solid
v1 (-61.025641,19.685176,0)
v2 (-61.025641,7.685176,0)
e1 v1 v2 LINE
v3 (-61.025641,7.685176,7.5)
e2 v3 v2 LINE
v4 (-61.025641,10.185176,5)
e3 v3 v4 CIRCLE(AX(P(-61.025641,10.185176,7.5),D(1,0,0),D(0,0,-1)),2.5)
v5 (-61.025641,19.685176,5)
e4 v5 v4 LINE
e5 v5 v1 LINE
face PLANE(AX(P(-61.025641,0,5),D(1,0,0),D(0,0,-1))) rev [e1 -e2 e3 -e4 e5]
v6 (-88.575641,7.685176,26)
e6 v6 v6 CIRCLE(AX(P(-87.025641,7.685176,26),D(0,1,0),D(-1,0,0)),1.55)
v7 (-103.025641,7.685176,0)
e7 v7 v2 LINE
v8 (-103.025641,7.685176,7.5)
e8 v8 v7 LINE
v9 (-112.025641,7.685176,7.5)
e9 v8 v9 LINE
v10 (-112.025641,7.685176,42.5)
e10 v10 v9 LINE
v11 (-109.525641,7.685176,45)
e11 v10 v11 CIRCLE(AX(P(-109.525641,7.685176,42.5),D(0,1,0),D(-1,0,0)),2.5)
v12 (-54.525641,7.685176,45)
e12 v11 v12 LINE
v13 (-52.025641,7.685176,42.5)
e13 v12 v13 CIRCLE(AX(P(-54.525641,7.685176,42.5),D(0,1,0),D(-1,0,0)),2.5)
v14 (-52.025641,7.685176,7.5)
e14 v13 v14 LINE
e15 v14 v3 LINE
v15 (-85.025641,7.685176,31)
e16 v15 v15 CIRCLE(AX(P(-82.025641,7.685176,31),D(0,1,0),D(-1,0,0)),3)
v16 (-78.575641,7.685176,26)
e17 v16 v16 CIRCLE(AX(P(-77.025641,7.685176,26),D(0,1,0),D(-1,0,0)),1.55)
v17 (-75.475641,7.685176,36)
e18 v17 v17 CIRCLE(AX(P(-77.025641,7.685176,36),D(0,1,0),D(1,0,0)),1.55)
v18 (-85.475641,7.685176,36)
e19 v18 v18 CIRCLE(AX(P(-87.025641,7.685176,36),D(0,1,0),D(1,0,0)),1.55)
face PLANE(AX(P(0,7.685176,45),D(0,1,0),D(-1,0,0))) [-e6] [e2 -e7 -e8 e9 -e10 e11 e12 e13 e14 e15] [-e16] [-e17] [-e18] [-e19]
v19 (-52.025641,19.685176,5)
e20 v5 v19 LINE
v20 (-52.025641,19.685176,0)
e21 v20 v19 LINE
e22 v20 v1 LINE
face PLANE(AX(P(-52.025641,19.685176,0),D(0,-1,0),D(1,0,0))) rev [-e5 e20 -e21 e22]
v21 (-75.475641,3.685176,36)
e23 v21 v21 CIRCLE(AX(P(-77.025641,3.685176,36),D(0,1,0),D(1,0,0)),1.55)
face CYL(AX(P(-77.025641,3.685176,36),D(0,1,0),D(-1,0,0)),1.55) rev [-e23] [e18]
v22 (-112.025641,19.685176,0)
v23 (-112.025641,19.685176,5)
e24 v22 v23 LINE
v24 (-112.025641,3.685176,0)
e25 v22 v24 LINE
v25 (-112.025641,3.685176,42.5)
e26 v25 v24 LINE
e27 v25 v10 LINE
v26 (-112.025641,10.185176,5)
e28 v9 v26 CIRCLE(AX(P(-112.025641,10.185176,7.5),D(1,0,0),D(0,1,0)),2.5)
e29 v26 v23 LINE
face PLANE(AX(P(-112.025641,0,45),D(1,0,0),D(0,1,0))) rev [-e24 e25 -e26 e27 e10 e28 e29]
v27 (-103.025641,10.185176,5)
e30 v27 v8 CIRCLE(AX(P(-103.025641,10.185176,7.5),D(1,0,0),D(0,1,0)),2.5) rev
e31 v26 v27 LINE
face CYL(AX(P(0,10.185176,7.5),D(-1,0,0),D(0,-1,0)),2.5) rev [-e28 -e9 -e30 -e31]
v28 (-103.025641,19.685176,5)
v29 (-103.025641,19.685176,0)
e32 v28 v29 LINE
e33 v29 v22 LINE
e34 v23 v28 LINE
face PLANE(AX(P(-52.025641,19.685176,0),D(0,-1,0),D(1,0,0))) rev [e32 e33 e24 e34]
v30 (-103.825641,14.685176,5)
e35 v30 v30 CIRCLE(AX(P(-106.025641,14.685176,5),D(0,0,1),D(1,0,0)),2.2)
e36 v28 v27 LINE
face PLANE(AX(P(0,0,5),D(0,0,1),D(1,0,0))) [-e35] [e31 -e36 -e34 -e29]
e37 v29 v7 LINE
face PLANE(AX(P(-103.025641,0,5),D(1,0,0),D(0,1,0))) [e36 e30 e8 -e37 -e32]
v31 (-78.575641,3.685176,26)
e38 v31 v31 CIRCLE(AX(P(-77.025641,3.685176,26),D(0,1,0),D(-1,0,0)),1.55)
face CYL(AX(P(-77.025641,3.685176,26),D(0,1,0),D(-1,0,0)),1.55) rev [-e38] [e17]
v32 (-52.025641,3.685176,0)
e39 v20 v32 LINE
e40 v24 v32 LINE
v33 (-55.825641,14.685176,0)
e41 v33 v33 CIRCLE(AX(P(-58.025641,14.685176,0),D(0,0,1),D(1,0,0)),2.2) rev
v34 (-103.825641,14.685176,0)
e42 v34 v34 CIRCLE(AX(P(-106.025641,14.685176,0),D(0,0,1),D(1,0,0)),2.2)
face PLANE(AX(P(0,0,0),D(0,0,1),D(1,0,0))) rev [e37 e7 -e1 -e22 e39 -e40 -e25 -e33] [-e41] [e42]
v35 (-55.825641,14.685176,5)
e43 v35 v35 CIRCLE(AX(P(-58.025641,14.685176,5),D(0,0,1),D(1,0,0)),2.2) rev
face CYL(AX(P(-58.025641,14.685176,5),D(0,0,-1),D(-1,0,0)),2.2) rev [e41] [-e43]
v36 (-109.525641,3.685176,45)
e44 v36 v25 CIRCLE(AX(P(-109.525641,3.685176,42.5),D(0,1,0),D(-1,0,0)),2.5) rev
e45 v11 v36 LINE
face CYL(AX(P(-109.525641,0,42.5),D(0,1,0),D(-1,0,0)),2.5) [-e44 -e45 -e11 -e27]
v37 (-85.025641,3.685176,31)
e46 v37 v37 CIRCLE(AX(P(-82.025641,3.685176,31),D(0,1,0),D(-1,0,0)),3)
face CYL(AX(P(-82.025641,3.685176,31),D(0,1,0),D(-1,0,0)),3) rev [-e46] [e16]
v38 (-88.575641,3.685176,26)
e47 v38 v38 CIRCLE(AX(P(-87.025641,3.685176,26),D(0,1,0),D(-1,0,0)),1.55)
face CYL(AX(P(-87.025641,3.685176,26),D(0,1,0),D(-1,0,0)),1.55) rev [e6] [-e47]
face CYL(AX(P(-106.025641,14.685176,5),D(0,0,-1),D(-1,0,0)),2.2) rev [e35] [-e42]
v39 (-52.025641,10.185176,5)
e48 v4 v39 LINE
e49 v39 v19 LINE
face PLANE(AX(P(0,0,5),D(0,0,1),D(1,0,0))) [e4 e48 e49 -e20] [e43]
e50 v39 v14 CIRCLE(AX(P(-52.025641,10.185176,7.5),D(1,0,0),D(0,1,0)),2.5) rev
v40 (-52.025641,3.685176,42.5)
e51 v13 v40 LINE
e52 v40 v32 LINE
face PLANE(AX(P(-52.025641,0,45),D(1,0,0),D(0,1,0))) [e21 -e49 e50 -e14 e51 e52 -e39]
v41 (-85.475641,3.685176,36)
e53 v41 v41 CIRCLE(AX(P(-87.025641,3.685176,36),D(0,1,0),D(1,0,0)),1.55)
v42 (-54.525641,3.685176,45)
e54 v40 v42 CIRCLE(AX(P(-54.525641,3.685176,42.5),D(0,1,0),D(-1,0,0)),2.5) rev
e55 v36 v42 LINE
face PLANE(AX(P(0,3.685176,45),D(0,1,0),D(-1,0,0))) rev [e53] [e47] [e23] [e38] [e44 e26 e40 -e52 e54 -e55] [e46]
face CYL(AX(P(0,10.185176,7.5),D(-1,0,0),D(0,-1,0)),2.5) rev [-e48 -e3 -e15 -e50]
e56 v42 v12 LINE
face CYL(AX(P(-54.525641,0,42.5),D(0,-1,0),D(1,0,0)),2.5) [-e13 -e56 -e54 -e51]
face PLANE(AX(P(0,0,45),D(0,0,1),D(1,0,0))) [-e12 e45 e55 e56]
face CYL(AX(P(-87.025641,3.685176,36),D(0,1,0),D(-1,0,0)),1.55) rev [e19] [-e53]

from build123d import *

# Parameters (mm, degrees)
SKETCH1_W           = 60
SKETCH1_H           = 4
BOSS_EXTRUDE1_DEPTH = 45
SKETCH1_3_W         = 9
SKETCH1_3_H         = 24
SKETCH1_3_R         = 2.2
BOSS_EXTRUDE2_DEPTH = 5
SKETCH2_R           = 3
SKETCH2_R_2         = 1.55
CUT_EXTRUDE1_DEPTH  = 124.088359511
BOSS_EXTRUDE3_DEPTH = 45
FILLET1_R           = 2.5
FILLET3_R           = 2.5
SKETCH3_R           = 4
BOSS_EXTRUDE4_DEPTH = 12
SKETCH4_R           = 6
BOSS_EXTRUDE5_DEPTH = 5
FILLET4_R           = 1
SKETCH5_W           = 46.619734532
SKETCH5_H           = 29.432499903
CUT_EXTRUDE3_DEPTH  = 89.875621116


with BuildPart() as part:
    # Sketch1 → Boss-Extrude1 (new body)
    with BuildSketch(Plane.XY):
        with Locations((-82.025641026, 5.685176195)):
            Rectangle(SKETCH1_W, SKETCH1_H)
    extrude(amount=BOSS_EXTRUDE1_DEPTH)

    # Sketch1<3> → Boss-Extrude2 (add)
    # profile 1 of 2: a face of its own
    with BuildSketch(Plane.XY):
        with Locations((-107.525641026, 19.685176195)):
            Rectangle(SKETCH1_3_W, SKETCH1_3_H)
        with Locations((-106.025641026, 14.685176195)):
            Circle(SKETCH1_3_R, mode=Mode.SUBTRACT)
        with Locations((-106.025641026, 24.685176195)):
            Circle(SKETCH1_3_R, mode=Mode.SUBTRACT)
    # profile 2 of 2: a face of its own
    with BuildSketch(Plane.XY):
        with Locations((-56.525641026, 19.685176195)):
            Rectangle(SKETCH1_3_W, SKETCH1_3_H)
        with Locations((-58.025641026, 14.685176195)):
            Circle(SKETCH1_3_R, mode=Mode.SUBTRACT)
        with Locations((-58.025641026, 24.685176195)):
            Circle(SKETCH1_3_R, mode=Mode.SUBTRACT)
    extrude(amount=BOSS_EXTRUDE2_DEPTH)

    # Sketch2 → Cut-Extrude1 (cut, through all)
    with BuildSketch(Plane(origin=(0, 7.685176195, 0), x_dir=(1, 0, 0), z_dir=(0, 1, 0))):
        with Locations((-82.025641026, -31)):
            Circle(SKETCH2_R)
        with Locations((-77.025641026, -26)):
            Circle(SKETCH2_R_2)
        with Locations((-87.025641026, -26)):
            Circle(SKETCH2_R_2)
        with Locations((-77.025641026, -36)):
            Circle(SKETCH2_R_2)
        with Locations((-87.025641026, -36)):
            Circle(SKETCH2_R_2)
    extrude(amount=-CUT_EXTRUDE1_DEPTH, mode=Mode.SUBTRACT)

    # Sketch1<4> → Boss-Extrude3 (add)
    with BuildSketch(Plane.XY):
        Polygon((-112.025641026, 35.685176195), (-112.025641026, 31.685176195), (-103.025641026, 31.685176195), (-61.025641026, 31.685176195), (-52.025641026, 31.685176195), (-52.025641026, 35.685176195), align=None)
    extrude(amount=BOSS_EXTRUDE3_DEPTH)

    # Fillet1
    fillet1_edges = [part.edges().sort_by_distance(p)[0] for p in [
        (-52.025641026, 5.685176195, 45),
        (-112.025641026, 5.685176195, 45),
        (-52.025641026, 33.685176195, 45),
        (-112.025641026, 33.685176195, 45),
    ]]
    fillet(fillet1_edges, radius=FILLET1_R)

    # Fillet3
    fillet3_edges = [part.edges().sort_by_distance(p)[0] for p in [
        (-107.525641026, 7.685176195, 5),
        (-56.525641026, 7.685176195, 5),
        (-56.525641026, 31.685176195, 5),
        (-107.525641026, 31.685176195, 5),
    ]]
    fillet(fillet3_edges, radius=FILLET3_R)

    # Sketch3 → Boss-Extrude4 (add)
    with BuildSketch(Plane(origin=(0, 35.685176195, 0), x_dir=(1, 0, 0), z_dir=(0, 1, 0))):
        with Locations((-82.025641026, -31)):
            Circle(SKETCH3_R)
    extrude(amount=BOSS_EXTRUDE4_DEPTH)

    # Sketch4 → Boss-Extrude5 (add)
    with BuildSketch(Plane(origin=(0, 35.685176195, 0), x_dir=(1, 0, 0), z_dir=(0, 1, 0))):
        with Locations((-82.025641026, -31)):
            Circle(SKETCH4_R)
    extrude(amount=BOSS_EXTRUDE5_DEPTH)

    # Fillet4
    fillet4_edges = [part.edges().sort_by_distance(p)[0] for p in [
        (-86.025641026, 40.685176195, 31),
    ]]
    fillet(fillet4_edges, radius=FILLET4_R)

    # Sketch5 → Cut-Extrude3 (cut, through all)
    with BuildSketch(Plane.ZY.offset(112.025641026)):
        with Locations((23.309867266, 34.401426147)):
            Rectangle(SKETCH5_W, SKETCH5_H)
    extrude(amount=-CUT_EXTRUDE3_DEPTH, mode=Mode.SUBTRACT)


solid = part.part
